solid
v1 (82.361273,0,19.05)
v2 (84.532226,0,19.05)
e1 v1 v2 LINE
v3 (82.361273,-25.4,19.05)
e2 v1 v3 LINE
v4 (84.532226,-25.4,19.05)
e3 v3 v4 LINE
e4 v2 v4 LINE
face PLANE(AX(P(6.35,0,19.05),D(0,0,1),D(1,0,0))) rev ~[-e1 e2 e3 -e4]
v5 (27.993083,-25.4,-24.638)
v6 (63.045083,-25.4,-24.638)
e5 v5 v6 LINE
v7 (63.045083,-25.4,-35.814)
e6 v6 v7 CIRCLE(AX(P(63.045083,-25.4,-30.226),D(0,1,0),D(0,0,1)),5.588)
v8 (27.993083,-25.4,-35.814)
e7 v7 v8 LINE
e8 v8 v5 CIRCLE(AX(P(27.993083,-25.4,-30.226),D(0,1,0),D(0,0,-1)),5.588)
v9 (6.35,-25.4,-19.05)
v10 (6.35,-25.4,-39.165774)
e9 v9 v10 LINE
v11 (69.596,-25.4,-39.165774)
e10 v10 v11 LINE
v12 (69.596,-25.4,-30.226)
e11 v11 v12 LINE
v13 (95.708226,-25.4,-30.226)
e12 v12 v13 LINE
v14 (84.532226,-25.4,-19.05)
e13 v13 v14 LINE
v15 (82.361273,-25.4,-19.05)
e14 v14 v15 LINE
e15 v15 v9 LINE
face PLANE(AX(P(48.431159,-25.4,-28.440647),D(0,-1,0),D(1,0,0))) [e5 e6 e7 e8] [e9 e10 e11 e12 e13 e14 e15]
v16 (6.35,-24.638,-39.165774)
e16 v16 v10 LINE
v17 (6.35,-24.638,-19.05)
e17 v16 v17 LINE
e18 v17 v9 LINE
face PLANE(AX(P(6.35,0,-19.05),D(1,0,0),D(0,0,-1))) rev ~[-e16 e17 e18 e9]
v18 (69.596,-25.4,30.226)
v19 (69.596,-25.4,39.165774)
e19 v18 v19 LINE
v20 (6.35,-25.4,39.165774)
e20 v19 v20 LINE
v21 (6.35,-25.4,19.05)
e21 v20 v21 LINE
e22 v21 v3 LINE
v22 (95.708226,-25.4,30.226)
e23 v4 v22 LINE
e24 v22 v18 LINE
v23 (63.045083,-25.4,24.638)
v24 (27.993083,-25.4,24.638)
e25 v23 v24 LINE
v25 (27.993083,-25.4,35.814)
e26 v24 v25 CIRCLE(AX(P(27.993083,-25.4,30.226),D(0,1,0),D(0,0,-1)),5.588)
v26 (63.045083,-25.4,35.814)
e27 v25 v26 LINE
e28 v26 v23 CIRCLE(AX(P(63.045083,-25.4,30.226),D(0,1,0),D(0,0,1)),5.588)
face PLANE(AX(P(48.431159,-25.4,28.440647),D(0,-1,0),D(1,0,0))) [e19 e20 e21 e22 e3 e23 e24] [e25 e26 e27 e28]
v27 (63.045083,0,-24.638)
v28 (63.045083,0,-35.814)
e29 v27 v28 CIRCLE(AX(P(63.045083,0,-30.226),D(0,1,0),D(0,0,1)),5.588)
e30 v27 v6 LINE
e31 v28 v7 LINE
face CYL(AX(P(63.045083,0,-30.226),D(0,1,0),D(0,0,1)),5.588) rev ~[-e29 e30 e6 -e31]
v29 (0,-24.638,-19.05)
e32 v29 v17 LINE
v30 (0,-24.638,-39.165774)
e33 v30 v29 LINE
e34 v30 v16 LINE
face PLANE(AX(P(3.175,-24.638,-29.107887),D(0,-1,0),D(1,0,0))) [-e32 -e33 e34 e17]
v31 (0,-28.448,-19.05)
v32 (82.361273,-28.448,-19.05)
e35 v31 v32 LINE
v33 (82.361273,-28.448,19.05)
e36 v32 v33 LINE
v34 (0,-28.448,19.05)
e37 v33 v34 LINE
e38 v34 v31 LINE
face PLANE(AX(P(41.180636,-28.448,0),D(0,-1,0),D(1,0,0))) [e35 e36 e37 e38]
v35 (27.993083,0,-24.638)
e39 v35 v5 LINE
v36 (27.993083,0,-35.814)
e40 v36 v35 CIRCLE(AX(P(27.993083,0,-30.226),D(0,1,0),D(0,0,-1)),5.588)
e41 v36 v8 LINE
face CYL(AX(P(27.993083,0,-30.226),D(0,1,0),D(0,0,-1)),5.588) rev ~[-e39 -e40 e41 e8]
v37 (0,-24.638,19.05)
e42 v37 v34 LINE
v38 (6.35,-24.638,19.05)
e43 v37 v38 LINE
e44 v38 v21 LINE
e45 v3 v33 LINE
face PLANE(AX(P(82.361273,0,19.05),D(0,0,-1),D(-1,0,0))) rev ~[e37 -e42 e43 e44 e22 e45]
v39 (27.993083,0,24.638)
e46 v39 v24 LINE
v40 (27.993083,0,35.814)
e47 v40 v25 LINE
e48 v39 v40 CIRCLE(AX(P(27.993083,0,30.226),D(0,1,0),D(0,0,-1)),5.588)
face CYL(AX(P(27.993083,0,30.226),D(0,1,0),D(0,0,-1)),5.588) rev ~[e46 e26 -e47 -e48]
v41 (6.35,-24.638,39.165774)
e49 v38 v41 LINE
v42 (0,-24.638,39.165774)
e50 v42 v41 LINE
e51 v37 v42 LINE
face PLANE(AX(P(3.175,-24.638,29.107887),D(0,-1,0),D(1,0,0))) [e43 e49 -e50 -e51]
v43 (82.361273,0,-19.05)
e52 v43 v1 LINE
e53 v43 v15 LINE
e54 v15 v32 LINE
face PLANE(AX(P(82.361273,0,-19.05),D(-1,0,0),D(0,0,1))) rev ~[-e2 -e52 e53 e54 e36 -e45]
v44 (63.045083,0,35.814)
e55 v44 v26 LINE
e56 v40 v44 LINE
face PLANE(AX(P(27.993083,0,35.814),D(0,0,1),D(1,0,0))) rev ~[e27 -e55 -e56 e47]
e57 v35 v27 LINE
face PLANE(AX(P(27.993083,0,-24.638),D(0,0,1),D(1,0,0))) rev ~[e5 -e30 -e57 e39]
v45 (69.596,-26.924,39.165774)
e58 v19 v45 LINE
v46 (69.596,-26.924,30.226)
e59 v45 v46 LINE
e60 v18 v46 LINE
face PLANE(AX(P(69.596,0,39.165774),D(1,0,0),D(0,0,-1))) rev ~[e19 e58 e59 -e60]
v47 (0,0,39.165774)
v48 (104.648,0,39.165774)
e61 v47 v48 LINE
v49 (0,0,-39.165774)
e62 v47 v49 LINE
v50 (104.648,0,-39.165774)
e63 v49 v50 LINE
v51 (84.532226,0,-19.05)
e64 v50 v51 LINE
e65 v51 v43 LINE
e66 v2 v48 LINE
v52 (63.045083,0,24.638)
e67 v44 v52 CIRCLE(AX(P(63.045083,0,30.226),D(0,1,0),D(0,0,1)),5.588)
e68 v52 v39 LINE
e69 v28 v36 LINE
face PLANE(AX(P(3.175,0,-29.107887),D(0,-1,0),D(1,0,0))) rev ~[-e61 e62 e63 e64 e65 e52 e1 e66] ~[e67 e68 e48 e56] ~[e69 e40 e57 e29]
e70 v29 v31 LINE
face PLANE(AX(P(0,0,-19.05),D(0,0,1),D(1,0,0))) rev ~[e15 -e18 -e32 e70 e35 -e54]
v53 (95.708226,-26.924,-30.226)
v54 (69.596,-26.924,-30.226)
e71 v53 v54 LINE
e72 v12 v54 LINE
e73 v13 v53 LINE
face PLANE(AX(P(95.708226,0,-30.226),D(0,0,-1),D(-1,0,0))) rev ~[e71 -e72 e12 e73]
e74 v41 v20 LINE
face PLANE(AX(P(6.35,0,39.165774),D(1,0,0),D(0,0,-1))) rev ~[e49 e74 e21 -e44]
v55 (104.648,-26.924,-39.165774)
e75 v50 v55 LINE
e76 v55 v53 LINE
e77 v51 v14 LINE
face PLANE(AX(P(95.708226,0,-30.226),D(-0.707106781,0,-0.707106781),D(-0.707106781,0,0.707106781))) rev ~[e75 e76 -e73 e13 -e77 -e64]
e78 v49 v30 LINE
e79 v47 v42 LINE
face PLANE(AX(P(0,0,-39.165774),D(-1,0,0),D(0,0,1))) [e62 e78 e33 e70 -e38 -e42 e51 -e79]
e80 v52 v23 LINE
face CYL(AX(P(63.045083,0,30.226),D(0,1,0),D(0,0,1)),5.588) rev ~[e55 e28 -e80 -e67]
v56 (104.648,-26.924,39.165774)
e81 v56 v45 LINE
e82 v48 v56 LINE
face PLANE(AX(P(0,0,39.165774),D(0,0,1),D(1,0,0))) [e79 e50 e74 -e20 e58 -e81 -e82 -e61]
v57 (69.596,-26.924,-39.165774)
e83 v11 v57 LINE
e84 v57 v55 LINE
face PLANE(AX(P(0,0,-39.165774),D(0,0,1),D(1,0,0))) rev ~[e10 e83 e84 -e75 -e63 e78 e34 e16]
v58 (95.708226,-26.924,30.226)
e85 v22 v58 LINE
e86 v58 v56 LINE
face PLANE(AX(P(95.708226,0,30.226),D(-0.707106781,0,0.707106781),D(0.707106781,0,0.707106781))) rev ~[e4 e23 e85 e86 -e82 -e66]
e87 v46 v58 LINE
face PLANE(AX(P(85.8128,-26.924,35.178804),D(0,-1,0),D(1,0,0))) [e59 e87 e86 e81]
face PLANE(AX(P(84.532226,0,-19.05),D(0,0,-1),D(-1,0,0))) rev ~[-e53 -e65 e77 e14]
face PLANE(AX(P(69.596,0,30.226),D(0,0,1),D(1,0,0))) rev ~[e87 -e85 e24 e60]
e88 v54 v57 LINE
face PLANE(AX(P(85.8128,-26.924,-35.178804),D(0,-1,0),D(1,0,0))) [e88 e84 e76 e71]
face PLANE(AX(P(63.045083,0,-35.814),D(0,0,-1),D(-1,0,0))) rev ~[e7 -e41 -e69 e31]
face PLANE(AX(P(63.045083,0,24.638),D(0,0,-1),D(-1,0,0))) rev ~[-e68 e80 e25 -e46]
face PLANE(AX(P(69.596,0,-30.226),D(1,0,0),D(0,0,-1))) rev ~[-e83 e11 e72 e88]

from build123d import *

# Parameters (mm, degrees)
F1_DEPTH = 28.448
F2_DEPTH = 25.4
F3_DEPTH = 26.924
F4_DEPTH = 26.924
F0_W     = 6.35
F0_H     = 20.115774
F5_DEPTH = 24.638


with BuildPart() as f1:
    # F0 (on Front) → F1 (new body)
    with BuildSketch(Plane.XZ):
        Polygon((0, 0), (0, -19.05), (6.35, -19.05), (82.361273, -19.05), (82.361273, 19.05), (6.35, 19.05), (0, 19.05), align=None)
    extrude(amount=F1_DEPTH)

    # F0 (on Front) → F2 (join)
    with BuildSketch(Plane.XZ):
        Polygon((6.35, 19.05), (82.361273, 19.05), (84.532226, 19.05), (95.708226, 30.226), (69.596, 30.226), (69.596, 39.165774), (6.35, 39.165774), align=None)
        with BuildLine():
            Line((27.993083, 35.814), (63.045083, 35.814))
            ThreePointArc((63.045083, 35.814), (68.633083, 30.226), (63.045083, 24.638))
            Line((63.045083, 24.638), (27.993083, 24.638))
            ThreePointArc((27.993083, 24.638), (22.405083, 30.226), (27.993083, 35.814))
        make_face(mode=Mode.SUBTRACT)
        Polygon((6.35, -19.05), (6.35, -39.165774), (69.596, -39.165774), (69.596, -30.226), (95.708226, -30.226), (84.532226, -19.05), (82.361273, -19.05), align=None)
        with BuildLine():
            ThreePointArc((27.993083, -35.814), (22.405083, -30.226), (27.993083, -24.638))
            Line((27.993083, -24.638), (63.045083, -24.638))
            ThreePointArc((63.045083, -24.638), (68.633083, -30.226), (63.045083, -35.814))
            Line((63.045083, -35.814), (27.993083, -35.814))
        make_face(mode=Mode.SUBTRACT)
    extrude(amount=F2_DEPTH)

    # F0 (on Front) → F3 (join)
    with BuildSketch(Plane.XZ):
        Polygon((69.596, -30.226), (69.596, -39.165774), (104.648, -39.165774), (95.708226, -30.226), align=None)
    extrude(amount=F3_DEPTH)

    # F0 (on Front) → F4 (join)
    with BuildSketch(Plane.XZ):
        Polygon((69.596, 30.226), (95.708226, 30.226), (104.648, 39.165774), (69.596, 39.165774), align=None)
    extrude(amount=F4_DEPTH)

    # F0 (on Front) → F5 (join)
    with BuildSketch(Plane.XZ):
        with Locations((3.175, -29.107887)):
            Rectangle(F0_W, F0_H)
        with Locations((3.175, 29.107887)):
            Rectangle(F0_W, F0_H)
    extrude(amount=F5_DEPTH)


solid = f1.part
